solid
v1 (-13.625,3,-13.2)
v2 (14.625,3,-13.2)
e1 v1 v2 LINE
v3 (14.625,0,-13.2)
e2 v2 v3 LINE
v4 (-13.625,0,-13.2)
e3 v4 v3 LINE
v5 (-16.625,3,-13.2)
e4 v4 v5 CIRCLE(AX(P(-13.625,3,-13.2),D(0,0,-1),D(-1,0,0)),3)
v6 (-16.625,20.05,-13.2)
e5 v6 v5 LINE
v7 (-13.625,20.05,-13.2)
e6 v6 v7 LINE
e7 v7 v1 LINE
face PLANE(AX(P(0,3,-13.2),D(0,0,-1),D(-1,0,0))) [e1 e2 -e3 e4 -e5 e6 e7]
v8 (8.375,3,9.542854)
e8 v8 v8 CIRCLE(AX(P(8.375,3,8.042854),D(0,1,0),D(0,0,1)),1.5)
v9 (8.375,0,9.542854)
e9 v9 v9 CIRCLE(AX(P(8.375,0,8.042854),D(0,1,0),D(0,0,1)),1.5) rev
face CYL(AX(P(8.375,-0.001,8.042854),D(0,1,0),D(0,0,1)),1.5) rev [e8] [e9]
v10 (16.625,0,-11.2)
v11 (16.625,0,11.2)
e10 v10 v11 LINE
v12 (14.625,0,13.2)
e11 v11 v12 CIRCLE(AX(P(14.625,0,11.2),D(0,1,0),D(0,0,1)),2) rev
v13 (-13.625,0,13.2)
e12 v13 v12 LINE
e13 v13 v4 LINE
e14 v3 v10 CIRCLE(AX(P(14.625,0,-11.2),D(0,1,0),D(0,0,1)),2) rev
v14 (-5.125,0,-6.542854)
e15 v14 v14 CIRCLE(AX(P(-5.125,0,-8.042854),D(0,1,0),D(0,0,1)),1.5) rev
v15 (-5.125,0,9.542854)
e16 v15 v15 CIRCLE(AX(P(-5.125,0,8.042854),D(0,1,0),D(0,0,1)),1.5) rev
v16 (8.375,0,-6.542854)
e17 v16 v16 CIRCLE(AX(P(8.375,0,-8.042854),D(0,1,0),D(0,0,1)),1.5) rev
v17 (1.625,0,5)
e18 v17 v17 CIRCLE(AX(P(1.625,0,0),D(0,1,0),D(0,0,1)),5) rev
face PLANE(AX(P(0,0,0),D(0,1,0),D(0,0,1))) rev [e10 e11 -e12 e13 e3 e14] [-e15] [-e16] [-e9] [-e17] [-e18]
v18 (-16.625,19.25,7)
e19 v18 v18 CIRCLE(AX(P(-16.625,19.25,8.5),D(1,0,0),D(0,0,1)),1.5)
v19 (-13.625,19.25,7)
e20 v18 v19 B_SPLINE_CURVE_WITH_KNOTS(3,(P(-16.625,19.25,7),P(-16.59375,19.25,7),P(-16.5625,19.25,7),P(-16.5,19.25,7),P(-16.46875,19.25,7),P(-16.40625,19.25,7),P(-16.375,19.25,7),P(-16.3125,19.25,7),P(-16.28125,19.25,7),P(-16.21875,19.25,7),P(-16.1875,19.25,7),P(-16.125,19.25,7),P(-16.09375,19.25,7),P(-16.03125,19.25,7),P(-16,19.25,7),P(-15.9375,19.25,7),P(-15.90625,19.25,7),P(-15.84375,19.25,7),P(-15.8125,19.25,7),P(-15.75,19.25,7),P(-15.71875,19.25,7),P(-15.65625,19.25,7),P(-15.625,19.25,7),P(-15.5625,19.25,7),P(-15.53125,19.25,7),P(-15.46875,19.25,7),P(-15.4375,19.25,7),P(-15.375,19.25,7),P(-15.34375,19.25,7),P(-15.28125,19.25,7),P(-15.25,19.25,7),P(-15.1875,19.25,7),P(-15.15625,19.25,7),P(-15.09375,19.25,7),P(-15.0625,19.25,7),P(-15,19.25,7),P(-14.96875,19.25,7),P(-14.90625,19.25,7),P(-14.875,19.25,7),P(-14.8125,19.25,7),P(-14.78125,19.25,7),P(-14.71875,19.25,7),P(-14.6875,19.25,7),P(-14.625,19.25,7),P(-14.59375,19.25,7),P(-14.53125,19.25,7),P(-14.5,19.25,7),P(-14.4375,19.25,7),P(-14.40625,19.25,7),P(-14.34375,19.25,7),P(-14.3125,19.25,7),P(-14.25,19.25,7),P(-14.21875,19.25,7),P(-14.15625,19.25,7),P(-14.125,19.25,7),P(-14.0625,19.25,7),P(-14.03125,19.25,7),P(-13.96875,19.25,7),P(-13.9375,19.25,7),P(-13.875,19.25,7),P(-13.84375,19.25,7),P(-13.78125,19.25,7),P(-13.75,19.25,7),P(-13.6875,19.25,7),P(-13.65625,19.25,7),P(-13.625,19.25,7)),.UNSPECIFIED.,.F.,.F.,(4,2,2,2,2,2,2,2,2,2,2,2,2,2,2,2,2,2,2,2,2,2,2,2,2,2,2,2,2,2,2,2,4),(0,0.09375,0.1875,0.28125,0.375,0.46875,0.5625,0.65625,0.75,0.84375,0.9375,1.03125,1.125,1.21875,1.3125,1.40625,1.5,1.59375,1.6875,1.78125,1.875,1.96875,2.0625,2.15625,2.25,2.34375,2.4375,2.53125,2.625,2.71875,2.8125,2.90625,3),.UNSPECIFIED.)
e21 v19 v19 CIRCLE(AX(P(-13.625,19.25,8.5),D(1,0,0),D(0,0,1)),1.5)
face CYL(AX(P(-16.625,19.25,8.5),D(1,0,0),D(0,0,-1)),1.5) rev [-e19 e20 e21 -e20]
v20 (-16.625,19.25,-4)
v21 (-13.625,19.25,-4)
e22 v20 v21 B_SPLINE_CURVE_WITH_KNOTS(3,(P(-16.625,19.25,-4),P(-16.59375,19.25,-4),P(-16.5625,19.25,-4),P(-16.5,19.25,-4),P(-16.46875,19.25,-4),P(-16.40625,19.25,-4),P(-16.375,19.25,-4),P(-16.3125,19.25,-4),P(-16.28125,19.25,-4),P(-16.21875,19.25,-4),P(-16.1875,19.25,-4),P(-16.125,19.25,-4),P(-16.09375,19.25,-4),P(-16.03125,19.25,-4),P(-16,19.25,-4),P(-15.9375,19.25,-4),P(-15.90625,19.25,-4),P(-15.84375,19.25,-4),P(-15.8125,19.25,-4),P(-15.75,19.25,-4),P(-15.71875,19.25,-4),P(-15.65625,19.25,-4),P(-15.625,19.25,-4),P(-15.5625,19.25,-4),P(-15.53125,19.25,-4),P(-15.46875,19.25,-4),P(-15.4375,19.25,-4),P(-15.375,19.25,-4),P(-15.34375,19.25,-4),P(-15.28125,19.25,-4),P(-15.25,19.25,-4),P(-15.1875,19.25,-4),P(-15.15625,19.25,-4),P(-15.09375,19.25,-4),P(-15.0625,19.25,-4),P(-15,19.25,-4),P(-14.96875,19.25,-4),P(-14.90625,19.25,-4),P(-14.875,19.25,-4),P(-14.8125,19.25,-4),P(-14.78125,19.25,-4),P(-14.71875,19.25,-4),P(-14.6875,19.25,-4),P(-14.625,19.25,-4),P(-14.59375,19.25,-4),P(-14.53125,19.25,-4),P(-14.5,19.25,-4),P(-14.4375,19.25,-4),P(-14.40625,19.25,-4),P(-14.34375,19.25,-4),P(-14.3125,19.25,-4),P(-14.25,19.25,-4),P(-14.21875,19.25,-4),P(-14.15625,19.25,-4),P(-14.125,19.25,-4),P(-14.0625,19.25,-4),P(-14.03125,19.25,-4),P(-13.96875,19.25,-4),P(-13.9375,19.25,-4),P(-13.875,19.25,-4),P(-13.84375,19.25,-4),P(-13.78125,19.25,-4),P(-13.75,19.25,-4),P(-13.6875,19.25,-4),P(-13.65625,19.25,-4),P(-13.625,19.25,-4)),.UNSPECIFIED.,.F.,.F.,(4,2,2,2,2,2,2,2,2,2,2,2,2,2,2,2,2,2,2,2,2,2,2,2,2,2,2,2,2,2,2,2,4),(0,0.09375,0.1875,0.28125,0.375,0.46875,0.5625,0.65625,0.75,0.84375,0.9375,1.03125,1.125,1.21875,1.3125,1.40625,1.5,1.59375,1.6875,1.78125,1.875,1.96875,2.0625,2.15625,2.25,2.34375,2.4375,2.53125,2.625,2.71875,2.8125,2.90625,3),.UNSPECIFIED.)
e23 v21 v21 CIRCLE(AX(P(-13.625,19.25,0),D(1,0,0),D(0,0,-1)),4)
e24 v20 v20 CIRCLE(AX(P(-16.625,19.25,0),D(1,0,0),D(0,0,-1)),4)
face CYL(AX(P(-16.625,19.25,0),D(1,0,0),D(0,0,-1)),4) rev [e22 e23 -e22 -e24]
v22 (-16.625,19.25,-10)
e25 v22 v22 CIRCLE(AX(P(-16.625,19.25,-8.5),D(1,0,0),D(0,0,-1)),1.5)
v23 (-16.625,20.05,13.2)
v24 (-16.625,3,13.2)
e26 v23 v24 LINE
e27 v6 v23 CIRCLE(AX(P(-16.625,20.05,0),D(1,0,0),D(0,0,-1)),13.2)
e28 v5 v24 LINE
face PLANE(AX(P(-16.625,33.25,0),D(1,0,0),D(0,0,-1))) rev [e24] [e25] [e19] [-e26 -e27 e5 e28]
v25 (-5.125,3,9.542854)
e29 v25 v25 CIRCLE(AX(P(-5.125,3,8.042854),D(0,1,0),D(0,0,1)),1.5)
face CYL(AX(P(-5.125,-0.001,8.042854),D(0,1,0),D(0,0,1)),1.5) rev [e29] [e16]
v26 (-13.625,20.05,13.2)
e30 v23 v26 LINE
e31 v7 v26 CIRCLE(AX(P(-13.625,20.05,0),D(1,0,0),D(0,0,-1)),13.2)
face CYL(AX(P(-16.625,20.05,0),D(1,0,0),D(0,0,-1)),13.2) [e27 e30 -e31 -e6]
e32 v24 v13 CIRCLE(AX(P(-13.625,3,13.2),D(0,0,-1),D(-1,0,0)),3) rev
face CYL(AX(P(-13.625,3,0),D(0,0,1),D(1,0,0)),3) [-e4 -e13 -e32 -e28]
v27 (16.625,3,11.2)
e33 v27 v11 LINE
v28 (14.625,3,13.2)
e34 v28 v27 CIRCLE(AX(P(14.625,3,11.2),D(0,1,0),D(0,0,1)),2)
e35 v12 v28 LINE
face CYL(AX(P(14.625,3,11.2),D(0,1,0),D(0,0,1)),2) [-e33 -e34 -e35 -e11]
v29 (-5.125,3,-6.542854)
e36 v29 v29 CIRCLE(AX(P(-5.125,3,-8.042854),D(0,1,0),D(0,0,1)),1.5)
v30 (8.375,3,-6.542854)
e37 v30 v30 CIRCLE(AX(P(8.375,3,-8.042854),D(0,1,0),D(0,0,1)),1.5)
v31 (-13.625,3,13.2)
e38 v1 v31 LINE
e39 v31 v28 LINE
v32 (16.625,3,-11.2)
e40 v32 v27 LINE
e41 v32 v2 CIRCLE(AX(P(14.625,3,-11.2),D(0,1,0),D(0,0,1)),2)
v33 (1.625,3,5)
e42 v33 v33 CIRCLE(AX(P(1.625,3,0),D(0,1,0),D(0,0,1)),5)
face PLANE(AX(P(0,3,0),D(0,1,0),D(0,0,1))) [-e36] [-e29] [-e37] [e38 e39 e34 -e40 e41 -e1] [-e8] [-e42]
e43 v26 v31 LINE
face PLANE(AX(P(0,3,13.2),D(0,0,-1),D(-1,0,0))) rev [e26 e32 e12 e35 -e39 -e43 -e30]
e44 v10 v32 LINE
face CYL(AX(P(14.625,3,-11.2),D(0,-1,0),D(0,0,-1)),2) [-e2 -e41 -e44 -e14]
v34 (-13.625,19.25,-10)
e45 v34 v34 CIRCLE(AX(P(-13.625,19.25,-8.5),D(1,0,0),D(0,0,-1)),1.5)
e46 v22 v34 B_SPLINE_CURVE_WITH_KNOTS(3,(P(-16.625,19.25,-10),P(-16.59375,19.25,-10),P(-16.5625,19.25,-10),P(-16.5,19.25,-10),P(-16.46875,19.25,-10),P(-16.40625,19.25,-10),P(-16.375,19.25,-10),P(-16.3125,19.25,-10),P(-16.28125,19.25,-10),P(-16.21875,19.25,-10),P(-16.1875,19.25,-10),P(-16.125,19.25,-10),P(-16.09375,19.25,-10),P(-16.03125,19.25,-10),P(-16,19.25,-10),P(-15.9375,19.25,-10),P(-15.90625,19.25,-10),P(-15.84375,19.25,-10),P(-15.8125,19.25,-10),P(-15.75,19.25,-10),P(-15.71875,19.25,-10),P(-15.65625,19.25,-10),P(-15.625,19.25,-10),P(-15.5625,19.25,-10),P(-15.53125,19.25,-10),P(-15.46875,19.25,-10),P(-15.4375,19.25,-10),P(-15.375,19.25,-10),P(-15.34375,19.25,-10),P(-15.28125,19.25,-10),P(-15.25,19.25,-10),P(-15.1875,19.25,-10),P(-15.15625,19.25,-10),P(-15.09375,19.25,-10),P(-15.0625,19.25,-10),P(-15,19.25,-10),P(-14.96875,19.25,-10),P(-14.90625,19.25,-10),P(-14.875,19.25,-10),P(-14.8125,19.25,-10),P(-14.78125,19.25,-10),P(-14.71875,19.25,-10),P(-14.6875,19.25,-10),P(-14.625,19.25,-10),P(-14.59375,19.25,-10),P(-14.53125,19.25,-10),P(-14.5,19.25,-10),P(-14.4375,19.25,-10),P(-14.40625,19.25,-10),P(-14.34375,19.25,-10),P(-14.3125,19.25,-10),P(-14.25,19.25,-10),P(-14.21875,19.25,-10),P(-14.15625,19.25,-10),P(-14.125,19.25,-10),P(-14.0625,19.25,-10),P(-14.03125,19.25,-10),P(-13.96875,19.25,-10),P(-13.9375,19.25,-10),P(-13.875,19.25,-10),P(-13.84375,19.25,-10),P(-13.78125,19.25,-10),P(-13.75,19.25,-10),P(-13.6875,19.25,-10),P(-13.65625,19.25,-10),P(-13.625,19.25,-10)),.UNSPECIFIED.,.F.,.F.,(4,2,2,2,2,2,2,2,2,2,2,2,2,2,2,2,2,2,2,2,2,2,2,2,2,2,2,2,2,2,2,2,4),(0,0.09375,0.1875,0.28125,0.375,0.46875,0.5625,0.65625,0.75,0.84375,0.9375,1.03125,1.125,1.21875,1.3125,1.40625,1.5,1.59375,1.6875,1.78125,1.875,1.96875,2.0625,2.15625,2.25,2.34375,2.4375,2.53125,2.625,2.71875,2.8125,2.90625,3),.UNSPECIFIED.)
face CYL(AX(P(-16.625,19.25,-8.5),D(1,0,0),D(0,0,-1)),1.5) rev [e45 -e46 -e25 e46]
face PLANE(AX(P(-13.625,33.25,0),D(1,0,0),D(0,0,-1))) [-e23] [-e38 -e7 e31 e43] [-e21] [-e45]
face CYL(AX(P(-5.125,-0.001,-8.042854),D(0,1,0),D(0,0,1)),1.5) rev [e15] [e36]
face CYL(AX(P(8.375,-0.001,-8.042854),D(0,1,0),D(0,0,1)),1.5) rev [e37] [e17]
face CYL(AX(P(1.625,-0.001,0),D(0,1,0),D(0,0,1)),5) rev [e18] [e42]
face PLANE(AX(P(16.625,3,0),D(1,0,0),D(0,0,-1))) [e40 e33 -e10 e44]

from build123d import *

# Parameters (mm, degrees)
SKETCH1_W               = 30.25
SKETCH1_H               = 26.4
BOSS_EXTRUDE1_DEPTH     = 3
SKETCH1_3_W             = 3
SKETCH1_3_H             = 26.4
BOSS_EXTRUDE2_DEPTH     = 33.25
FILLET1_R               = 3
CUT_EXTRUDE1_DEPTH      = 47.849386335
CUT_EXTRUDE1_DEPTH_BACK = 47.849386335
FILLET2_R               = 2
SKETCH3_R               = 4
SKETCH3_R_2             = 1.5
CUT_EXTRUDE2_DEPTH      = 47.849386335
CUT_EXTRUDE3_REACH      = 38.955
SKETCH4_R               = 5
SKETCH4_R_2             = 1.5


with BuildPart() as part:
    # Sketch1 → Boss-Extrude1 (new body)
    with BuildSketch(Plane(origin=(0, 0, 0), x_dir=(1, 0, 0), z_dir=(0, 1, 0))):
        with Locations((1.5, 0)):
            Rectangle(SKETCH1_W, SKETCH1_H)
    extrude(amount=BOSS_EXTRUDE1_DEPTH)

    # Sketch1<3> → Boss-Extrude2 (add)
    with BuildSketch(Plane(origin=(0, 0, 0), x_dir=(1, 0, 0), z_dir=(0, 1, 0))):
        with Locations((-15.125, 0)):
            Rectangle(SKETCH1_3_W, SKETCH1_3_H)
    extrude(amount=BOSS_EXTRUDE2_DEPTH)

    # Fillet1
    fillet1_edges = [part.edges().sort_by_distance(p)[0] for p in [
        (-16.625, 0, 0),
    ]]
    fillet(fillet1_edges, radius=FILLET1_R)

    # Sketch2 → Cut-Extrude1 (cut, two sides: drawn at the far end of the back side and taken through both)
    with BuildSketch(Plane(origin=(-13.625, 0, 0), x_dir=(0, 0, -1), z_dir=(1, 0, 0)).offset(-CUT_EXTRUDE1_DEPTH_BACK)):
        with BuildLine():
            Line((-13.2, 33.25), (-13.2, 20.05))
            ThreePointArc((-13.2, 20.05), (-9.333809512, 29.383809512), (0, 33.25))
            Line((0, 33.25), (-13.2, 33.25))
        make_face()
        with BuildLine():
            ThreePointArc((0, 33.25), (9.333809512, 29.383809512), (13.2, 20.05))
            Line((13.2, 20.05), (13.2, 33.25))
            Line((13.2, 33.25), (0, 33.25))
        make_face()
    extrude(amount=CUT_EXTRUDE1_DEPTH + CUT_EXTRUDE1_DEPTH_BACK, mode=Mode.SUBTRACT)

    # Fillet2
    fillet2_edges = [part.edges().sort_by_distance(p)[0] for p in [
        (16.625, 1.5, 13.2),
        (16.625, 1.5, -13.2),
    ]]
    fillet(fillet2_edges, radius=FILLET2_R)

    # Sketch3 → Cut-Extrude2 (cut, through all)
    with BuildSketch(Plane(origin=(-13.625, 0, 0), x_dir=(0, 0, -1), z_dir=(1, 0, 0))):
        with Locations((0, 19.25)):
            Circle(SKETCH3_R)
        with Locations((8.5, 19.25)):
            Circle(SKETCH3_R_2)
        with Locations((-8.5, 19.25)):
            Circle(SKETCH3_R_2)
    extrude(amount=-CUT_EXTRUDE2_DEPTH, mode=Mode.SUBTRACT)

    # Sketch4 → Cut-Extrude3 (cut, up to next)
    with BuildSketch(Plane(origin=(0, 3, 0), x_dir=(1, 0, 0), z_dir=(0, 1, 0)), mode=Mode.PRIVATE) as cut_extrude3_sk1:
        with Locations(Location((1.625, 0, 0), (0, 0, 270))):
            Circle(SKETCH4_R)
    cut_extrude3_tool1 = extrude(cut_extrude3_sk1.sketch, amount=-CUT_EXTRUDE3_REACH, mode=Mode.PRIVATE) & part.part
    # Sketch4 → Cut-Extrude3 (cut, up to next)
    with BuildSketch(Plane(origin=(0, 3, 0), x_dir=(1, 0, 0), z_dir=(0, 1, 0)), mode=Mode.PRIVATE) as cut_extrude3_sk2:
        with Locations(Location((-5.125, -8.042853971, 0), (0, 0, 270))):
            Circle(SKETCH4_R_2)
    cut_extrude3_tool2 = extrude(cut_extrude3_sk2.sketch, amount=-CUT_EXTRUDE3_REACH, mode=Mode.PRIVATE) & part.part
    # Sketch4 → Cut-Extrude3 (cut, up to next)
    with BuildSketch(Plane(origin=(0, 3, 0), x_dir=(1, 0, 0), z_dir=(0, 1, 0)), mode=Mode.PRIVATE) as cut_extrude3_sk3:
        with Locations(Location((8.375, 8.042853971, 0), (0, 0, 270))):
            Circle(SKETCH4_R_2)
    cut_extrude3_tool3 = extrude(cut_extrude3_sk3.sketch, amount=-CUT_EXTRUDE3_REACH, mode=Mode.PRIVATE) & part.part
    # Sketch4 → Cut-Extrude3 (cut, up to next)
    with BuildSketch(Plane(origin=(0, 3, 0), x_dir=(1, 0, 0), z_dir=(0, 1, 0)), mode=Mode.PRIVATE) as cut_extrude3_sk4:
        with Locations(Location((8.375, -8.042853971, 0), (0, 0, 270))):
            Circle(SKETCH4_R_2)
    cut_extrude3_tool4 = extrude(cut_extrude3_sk4.sketch, amount=-CUT_EXTRUDE3_REACH, mode=Mode.PRIVATE) & part.part
    # Sketch4 → Cut-Extrude3 (cut, up to next)
    with BuildSketch(Plane(origin=(0, 3, 0), x_dir=(1, 0, 0), z_dir=(0, 1, 0)), mode=Mode.PRIVATE) as cut_extrude3_sk5:
        with Locations(Location((-5.125, 8.042853971, 0), (0, 0, 270))):
            Circle(SKETCH4_R_2)
    cut_extrude3_tool5 = extrude(cut_extrude3_sk5.sketch, amount=-CUT_EXTRUDE3_REACH, mode=Mode.PRIVATE) & part.part
    add(cut_extrude3_tool1.solids().sort_by_distance((1.625, 3, 0))[0], mode=Mode.SUBTRACT)
    add(cut_extrude3_tool2.solids().sort_by_distance((-5.125, 3, 8.042854))[0], mode=Mode.SUBTRACT)
    add(cut_extrude3_tool3.solids().sort_by_distance((8.375, 3, -8.042854))[0], mode=Mode.SUBTRACT)
    add(cut_extrude3_tool4.solids().sort_by_distance((8.375, 3, 8.042854))[0], mode=Mode.SUBTRACT)
    add(cut_extrude3_tool5.solids().sort_by_distance((-5.125, 3, -8.042854))[0], mode=Mode.SUBTRACT)


solid = part.part
